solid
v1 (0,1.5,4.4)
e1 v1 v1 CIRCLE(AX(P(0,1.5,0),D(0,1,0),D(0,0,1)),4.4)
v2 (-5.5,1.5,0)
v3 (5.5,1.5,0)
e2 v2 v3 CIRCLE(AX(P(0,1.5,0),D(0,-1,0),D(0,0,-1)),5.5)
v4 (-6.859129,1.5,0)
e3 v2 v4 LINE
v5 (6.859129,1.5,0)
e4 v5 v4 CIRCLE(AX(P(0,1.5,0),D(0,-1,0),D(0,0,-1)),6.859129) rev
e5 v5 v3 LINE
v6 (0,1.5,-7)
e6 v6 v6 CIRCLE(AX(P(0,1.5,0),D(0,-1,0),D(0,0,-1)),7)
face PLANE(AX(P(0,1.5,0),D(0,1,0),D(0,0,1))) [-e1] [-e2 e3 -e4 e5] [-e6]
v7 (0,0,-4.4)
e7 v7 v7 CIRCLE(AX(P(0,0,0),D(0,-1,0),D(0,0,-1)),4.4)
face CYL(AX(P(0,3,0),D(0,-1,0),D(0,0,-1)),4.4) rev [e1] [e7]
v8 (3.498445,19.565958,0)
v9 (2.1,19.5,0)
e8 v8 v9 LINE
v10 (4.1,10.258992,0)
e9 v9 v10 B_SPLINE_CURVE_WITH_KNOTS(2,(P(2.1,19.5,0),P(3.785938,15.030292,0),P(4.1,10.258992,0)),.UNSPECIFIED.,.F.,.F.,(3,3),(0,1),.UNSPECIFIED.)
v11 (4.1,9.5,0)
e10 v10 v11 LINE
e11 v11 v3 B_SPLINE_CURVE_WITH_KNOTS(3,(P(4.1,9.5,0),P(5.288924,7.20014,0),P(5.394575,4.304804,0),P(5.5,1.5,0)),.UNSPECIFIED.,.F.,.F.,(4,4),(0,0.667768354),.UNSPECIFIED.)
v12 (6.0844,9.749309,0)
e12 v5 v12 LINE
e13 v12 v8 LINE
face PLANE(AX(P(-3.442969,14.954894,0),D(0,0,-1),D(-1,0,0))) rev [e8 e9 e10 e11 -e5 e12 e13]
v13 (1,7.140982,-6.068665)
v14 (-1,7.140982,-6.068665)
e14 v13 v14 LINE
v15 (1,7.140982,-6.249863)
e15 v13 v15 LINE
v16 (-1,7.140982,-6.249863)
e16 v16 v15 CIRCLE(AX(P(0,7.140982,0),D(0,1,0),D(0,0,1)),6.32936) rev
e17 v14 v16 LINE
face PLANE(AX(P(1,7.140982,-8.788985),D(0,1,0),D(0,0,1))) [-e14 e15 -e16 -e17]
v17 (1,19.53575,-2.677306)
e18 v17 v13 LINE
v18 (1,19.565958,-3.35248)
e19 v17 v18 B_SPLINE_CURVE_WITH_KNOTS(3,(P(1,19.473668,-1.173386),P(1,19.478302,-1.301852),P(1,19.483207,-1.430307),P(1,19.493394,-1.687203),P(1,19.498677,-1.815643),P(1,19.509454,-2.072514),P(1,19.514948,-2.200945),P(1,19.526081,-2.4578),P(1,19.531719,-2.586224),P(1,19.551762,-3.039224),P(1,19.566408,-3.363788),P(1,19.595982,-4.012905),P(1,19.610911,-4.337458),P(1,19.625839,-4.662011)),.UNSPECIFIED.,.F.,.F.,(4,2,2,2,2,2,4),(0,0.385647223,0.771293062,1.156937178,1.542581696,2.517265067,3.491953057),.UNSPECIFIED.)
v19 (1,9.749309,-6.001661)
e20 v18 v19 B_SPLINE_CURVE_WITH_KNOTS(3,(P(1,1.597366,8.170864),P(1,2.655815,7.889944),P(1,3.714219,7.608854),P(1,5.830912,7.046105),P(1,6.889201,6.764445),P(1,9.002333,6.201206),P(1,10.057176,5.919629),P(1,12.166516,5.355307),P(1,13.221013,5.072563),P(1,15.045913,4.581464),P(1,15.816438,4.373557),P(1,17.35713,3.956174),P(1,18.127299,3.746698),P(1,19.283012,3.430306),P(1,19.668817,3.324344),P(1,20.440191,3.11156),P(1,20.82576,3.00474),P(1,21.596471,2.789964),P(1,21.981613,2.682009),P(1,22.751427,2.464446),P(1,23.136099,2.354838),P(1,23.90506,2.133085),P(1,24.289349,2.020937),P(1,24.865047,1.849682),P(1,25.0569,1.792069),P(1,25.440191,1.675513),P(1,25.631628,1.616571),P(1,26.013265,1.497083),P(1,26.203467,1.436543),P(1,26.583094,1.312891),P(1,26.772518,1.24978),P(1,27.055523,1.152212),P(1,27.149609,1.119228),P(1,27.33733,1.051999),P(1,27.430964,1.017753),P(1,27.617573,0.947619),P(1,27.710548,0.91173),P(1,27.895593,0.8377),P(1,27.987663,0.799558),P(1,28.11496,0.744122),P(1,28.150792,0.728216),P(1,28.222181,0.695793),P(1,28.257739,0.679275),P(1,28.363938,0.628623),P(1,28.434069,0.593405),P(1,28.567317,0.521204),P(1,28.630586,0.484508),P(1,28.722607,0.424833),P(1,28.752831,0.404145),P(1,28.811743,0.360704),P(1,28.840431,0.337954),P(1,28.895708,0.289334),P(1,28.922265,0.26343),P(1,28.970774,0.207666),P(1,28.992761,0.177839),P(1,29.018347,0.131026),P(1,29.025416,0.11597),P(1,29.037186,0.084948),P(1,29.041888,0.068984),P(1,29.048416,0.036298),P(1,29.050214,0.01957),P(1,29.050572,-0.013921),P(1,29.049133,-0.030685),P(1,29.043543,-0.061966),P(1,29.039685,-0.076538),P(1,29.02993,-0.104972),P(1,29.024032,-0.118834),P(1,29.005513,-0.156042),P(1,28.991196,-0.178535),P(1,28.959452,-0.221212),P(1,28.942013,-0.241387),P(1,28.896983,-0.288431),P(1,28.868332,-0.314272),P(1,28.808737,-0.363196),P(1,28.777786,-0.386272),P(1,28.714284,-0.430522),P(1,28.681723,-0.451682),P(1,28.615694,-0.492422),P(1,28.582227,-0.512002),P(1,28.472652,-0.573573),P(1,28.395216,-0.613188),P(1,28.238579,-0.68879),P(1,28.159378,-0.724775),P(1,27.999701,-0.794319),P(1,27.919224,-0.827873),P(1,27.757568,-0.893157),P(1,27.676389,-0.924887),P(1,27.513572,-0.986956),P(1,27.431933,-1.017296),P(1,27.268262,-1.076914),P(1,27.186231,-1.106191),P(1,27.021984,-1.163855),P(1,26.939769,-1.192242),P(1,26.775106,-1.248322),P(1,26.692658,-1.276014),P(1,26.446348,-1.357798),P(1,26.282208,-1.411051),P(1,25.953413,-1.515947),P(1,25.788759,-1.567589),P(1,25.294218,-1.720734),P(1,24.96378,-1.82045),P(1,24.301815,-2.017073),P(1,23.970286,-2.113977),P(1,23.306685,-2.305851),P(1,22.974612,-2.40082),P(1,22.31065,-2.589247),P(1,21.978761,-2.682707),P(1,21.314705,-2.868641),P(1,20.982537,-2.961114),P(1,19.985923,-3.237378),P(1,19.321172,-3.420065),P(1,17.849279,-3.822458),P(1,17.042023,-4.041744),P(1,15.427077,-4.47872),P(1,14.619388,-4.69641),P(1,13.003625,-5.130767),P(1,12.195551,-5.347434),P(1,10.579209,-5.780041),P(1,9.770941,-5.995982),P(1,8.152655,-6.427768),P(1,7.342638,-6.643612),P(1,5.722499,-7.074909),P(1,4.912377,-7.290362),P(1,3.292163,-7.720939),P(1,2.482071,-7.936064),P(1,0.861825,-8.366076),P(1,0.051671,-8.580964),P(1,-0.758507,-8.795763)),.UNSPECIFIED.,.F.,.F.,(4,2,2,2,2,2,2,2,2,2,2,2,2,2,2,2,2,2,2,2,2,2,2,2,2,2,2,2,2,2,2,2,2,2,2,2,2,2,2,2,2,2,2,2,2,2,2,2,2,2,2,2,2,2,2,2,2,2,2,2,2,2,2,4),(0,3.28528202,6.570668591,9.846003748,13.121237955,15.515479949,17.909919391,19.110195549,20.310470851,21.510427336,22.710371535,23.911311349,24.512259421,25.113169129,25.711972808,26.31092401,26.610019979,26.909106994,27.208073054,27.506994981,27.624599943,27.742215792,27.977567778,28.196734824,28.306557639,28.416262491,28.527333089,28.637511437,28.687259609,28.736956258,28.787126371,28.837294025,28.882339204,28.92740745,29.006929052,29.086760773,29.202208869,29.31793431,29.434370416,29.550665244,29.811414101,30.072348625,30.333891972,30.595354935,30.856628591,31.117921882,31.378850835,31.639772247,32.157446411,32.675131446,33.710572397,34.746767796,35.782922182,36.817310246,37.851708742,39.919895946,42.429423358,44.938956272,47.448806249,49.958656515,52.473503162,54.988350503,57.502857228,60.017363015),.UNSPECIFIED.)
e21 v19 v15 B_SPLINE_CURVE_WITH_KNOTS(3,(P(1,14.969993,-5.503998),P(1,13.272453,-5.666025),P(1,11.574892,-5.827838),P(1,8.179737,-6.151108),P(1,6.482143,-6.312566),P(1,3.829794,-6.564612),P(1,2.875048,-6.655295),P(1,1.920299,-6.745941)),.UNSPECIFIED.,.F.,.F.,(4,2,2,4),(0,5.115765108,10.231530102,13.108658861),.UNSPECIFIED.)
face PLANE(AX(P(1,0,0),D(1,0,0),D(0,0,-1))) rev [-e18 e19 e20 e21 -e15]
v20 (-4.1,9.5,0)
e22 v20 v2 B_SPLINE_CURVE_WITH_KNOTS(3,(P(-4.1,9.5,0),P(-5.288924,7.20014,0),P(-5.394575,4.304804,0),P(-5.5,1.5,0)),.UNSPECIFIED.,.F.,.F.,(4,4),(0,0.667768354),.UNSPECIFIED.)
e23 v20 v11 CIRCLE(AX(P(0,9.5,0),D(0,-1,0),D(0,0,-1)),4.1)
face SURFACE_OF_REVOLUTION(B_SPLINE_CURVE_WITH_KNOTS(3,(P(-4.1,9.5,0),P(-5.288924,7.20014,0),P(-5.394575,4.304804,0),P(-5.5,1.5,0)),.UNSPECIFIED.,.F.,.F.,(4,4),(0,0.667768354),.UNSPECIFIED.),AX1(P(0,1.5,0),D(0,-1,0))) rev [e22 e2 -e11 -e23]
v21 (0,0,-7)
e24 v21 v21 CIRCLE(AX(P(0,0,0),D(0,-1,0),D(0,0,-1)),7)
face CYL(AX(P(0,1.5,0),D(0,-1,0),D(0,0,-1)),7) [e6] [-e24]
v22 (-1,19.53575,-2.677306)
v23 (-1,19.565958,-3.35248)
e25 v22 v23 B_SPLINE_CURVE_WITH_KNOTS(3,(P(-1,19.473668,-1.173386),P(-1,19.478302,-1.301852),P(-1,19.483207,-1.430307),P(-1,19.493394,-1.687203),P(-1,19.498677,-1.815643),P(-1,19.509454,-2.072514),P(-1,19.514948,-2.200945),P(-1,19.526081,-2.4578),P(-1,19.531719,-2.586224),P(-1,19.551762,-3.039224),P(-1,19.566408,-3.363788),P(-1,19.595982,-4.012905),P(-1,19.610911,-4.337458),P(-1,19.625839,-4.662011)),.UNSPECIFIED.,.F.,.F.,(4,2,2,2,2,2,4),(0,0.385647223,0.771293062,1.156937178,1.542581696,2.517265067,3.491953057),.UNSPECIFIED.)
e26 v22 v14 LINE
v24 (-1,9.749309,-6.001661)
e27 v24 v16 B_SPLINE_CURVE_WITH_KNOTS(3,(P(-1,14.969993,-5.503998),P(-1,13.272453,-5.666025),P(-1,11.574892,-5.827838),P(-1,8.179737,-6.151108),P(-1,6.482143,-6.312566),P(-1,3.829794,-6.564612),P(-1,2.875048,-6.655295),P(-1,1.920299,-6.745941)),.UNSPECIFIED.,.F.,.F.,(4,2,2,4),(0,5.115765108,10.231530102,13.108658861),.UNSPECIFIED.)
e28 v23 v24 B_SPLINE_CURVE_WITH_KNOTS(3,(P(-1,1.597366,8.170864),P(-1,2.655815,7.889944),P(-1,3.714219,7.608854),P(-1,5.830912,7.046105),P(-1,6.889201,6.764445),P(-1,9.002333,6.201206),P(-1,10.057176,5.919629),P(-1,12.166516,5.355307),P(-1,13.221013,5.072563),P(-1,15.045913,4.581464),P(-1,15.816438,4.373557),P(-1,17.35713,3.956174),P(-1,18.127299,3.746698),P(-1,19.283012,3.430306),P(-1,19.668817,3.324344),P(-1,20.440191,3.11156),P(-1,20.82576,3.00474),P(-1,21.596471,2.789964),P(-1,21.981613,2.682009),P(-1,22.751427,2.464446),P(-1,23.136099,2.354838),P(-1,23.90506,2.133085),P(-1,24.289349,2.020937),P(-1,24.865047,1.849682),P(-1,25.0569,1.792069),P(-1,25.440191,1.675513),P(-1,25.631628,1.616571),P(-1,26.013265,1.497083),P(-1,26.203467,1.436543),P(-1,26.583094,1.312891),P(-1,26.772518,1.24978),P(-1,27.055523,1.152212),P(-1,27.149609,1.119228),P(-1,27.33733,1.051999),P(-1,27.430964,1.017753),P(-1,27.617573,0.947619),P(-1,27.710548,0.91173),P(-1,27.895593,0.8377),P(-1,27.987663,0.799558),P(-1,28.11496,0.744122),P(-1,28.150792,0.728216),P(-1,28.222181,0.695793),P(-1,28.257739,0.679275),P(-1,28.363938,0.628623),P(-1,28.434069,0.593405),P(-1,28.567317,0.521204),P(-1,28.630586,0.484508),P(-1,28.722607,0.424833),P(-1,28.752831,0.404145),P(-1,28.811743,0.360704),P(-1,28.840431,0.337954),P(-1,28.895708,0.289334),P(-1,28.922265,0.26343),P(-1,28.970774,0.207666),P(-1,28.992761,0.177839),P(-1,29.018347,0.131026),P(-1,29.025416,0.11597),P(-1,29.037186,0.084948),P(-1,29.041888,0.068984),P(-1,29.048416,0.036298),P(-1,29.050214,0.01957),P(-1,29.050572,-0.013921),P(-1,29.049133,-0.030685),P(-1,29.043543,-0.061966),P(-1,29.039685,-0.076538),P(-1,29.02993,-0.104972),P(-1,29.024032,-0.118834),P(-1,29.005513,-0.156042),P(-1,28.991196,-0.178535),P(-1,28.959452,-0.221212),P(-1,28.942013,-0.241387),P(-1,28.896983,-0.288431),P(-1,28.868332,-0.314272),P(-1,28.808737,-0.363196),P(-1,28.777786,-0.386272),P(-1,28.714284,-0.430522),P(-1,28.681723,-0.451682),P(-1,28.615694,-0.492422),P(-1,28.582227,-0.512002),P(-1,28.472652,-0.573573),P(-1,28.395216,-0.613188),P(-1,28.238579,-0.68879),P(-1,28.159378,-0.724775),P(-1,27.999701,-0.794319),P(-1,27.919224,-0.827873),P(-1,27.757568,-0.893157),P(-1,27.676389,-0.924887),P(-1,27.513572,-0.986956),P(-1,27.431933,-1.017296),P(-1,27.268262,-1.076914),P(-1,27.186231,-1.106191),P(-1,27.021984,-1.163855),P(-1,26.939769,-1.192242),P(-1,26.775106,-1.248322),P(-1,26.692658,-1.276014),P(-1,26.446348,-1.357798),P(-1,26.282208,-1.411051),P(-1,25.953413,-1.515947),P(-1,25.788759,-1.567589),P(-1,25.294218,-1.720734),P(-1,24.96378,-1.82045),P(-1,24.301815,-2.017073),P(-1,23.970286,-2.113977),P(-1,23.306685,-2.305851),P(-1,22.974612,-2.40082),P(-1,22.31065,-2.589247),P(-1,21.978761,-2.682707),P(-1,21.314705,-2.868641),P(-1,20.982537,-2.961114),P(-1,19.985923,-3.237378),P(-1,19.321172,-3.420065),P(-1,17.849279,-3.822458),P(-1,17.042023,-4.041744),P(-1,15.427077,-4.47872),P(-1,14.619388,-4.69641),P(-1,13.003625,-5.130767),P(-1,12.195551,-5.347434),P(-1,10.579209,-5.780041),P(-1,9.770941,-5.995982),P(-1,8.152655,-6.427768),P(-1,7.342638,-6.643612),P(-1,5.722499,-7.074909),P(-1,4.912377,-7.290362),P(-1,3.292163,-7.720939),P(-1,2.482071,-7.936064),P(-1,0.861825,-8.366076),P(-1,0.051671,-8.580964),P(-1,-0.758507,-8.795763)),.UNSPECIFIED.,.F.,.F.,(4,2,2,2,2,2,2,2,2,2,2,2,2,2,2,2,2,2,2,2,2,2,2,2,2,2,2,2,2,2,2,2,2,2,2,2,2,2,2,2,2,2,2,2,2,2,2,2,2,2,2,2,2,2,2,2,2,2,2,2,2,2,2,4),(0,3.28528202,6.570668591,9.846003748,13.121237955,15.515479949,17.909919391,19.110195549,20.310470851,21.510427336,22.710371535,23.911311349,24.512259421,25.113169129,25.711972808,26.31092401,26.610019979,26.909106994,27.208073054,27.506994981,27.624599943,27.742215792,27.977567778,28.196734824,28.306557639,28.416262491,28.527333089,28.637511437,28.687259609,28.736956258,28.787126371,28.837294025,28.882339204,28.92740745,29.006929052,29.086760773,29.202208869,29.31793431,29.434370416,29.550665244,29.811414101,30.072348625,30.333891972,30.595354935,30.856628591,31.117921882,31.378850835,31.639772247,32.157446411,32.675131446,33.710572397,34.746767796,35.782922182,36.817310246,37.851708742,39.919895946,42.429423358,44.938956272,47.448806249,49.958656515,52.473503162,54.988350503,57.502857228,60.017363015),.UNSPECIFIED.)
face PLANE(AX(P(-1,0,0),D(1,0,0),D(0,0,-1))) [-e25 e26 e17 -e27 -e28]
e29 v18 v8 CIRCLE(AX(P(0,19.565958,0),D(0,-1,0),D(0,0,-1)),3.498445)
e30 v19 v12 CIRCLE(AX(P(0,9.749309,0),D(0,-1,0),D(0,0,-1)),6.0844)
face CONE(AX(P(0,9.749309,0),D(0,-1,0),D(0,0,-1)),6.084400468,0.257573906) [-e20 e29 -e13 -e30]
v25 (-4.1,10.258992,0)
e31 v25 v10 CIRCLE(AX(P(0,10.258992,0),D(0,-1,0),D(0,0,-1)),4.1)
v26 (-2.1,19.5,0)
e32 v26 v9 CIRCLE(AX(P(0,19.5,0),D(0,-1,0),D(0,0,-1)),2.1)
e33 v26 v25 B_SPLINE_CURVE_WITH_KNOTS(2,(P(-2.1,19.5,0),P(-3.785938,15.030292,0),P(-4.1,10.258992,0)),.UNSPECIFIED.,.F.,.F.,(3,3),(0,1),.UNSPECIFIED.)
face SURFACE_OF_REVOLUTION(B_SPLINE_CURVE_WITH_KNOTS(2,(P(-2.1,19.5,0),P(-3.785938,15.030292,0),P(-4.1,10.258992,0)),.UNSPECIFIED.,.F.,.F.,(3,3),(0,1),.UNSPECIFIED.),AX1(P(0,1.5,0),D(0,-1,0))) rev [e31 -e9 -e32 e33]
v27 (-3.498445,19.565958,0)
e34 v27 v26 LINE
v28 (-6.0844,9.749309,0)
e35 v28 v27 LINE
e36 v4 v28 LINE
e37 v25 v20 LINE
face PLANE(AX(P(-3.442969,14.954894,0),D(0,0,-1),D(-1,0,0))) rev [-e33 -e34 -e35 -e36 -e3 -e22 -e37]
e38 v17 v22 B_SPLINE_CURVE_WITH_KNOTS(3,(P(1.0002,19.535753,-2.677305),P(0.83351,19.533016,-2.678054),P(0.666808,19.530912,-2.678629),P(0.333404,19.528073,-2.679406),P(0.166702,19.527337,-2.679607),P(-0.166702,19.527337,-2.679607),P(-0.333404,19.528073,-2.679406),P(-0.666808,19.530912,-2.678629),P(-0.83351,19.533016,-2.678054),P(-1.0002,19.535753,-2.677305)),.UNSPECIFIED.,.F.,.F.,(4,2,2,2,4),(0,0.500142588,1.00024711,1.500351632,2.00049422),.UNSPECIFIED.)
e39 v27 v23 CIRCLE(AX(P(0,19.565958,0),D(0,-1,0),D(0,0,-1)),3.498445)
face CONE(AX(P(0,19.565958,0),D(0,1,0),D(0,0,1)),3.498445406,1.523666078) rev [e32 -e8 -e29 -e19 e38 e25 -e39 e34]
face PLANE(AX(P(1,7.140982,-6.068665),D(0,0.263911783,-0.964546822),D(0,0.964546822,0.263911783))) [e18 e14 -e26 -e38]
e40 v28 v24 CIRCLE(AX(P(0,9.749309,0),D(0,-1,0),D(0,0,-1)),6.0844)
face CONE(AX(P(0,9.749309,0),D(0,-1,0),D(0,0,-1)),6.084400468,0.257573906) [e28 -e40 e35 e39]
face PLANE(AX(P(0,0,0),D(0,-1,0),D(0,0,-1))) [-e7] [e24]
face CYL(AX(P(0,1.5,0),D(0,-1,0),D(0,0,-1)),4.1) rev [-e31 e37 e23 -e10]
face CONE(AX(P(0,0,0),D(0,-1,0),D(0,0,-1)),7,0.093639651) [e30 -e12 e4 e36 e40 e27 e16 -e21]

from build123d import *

# Parameters (mm, degrees)
REVOLUCI_N1_ANGLE          = 180
CROQUIS2_R                 = 7
SALIENTE_EXTRUIR1_DEPTH    = 1.5
CROQUIS3_R                 = 4.4
CORTAR_EXTRUIR1_DEPTH      = 3
CORTAR_EXTRUIR6_DEPTH      = 1
CORTAR_EXTRUIR6_DEPTH_BACK = 1


with BuildPart() as part:
    # Croquis1 → Revolución1 (revolve)
    with BuildSketch(Plane.XY):
        with BuildLine():
            Line((0, 0), (0, 1.5))
            Line((0, 1.5), (5.5, 1.5))
            add(Edge.make_bspline(
                [(4.1, 9.5), (5.288924253, 7.200139579), (5.394574911, 4.30480441), (5.5, 1.5)],
                knots=[0, 0, 0, 0, 0.667768354, 0.667768354, 0.667768354, 0.667768354], degree=3))
            Line((4.1, 9.5), (4.1, 10.258992023))
            add(Edge.make_bspline(
                [(2.1, 19.5), (3.785937607, 15.030292429), (4.1, 10.258992023)],
                knots=[0, 0, 0, 1, 1, 1], degree=2))
            Line((2.1, 19.5), (3.498445406, 19.565957924))
            Line((3.498445406, 19.565957924), (6.084400468, 9.749308612))
            Line((6.084400468, 9.749308612), (7, 0))
            Line((7, 0), (0, 0))
        make_face()
    revolve(axis=Axis((0, 1.5, 0), (0, 1, 0)), revolution_arc=REVOLUCI_N1_ANGLE)

    # Croquis2 → Saliente-Extruir1 (add)
    with BuildSketch(Plane.XZ):
        Circle(CROQUIS2_R)
    extrude(amount=-SALIENTE_EXTRUIR1_DEPTH)

    # Croquis3 → Cortar-Extruir1 (cut)
    with BuildSketch(Plane.XZ):
        Circle(CROQUIS3_R)
    extrude(amount=-CORTAR_EXTRUIR1_DEPTH, mode=Mode.SUBTRACT)

    # Croquis4 → Cortar-Extruir6 (cut, two sides: drawn at the far end of the back side and taken through both)
    with BuildSketch(Plane(origin=(0, 0, 0), x_dir=(0, 0, -1), z_dir=(1, 0, 0)).offset(-CORTAR_EXTRUIR6_DEPTH_BACK)):
        Polygon((6.768665295, 7.140982448), (6.068665295, 7.140982448), (2.336951323, 20.779679502), (3.498445406, 19.565957924), (4.898652058, 19.565957924), (8.788984747, 7.140982448), align=None)
    extrude(amount=CORTAR_EXTRUIR6_DEPTH + CORTAR_EXTRUIR6_DEPTH_BACK, mode=Mode.SUBTRACT)


solid = part.part
